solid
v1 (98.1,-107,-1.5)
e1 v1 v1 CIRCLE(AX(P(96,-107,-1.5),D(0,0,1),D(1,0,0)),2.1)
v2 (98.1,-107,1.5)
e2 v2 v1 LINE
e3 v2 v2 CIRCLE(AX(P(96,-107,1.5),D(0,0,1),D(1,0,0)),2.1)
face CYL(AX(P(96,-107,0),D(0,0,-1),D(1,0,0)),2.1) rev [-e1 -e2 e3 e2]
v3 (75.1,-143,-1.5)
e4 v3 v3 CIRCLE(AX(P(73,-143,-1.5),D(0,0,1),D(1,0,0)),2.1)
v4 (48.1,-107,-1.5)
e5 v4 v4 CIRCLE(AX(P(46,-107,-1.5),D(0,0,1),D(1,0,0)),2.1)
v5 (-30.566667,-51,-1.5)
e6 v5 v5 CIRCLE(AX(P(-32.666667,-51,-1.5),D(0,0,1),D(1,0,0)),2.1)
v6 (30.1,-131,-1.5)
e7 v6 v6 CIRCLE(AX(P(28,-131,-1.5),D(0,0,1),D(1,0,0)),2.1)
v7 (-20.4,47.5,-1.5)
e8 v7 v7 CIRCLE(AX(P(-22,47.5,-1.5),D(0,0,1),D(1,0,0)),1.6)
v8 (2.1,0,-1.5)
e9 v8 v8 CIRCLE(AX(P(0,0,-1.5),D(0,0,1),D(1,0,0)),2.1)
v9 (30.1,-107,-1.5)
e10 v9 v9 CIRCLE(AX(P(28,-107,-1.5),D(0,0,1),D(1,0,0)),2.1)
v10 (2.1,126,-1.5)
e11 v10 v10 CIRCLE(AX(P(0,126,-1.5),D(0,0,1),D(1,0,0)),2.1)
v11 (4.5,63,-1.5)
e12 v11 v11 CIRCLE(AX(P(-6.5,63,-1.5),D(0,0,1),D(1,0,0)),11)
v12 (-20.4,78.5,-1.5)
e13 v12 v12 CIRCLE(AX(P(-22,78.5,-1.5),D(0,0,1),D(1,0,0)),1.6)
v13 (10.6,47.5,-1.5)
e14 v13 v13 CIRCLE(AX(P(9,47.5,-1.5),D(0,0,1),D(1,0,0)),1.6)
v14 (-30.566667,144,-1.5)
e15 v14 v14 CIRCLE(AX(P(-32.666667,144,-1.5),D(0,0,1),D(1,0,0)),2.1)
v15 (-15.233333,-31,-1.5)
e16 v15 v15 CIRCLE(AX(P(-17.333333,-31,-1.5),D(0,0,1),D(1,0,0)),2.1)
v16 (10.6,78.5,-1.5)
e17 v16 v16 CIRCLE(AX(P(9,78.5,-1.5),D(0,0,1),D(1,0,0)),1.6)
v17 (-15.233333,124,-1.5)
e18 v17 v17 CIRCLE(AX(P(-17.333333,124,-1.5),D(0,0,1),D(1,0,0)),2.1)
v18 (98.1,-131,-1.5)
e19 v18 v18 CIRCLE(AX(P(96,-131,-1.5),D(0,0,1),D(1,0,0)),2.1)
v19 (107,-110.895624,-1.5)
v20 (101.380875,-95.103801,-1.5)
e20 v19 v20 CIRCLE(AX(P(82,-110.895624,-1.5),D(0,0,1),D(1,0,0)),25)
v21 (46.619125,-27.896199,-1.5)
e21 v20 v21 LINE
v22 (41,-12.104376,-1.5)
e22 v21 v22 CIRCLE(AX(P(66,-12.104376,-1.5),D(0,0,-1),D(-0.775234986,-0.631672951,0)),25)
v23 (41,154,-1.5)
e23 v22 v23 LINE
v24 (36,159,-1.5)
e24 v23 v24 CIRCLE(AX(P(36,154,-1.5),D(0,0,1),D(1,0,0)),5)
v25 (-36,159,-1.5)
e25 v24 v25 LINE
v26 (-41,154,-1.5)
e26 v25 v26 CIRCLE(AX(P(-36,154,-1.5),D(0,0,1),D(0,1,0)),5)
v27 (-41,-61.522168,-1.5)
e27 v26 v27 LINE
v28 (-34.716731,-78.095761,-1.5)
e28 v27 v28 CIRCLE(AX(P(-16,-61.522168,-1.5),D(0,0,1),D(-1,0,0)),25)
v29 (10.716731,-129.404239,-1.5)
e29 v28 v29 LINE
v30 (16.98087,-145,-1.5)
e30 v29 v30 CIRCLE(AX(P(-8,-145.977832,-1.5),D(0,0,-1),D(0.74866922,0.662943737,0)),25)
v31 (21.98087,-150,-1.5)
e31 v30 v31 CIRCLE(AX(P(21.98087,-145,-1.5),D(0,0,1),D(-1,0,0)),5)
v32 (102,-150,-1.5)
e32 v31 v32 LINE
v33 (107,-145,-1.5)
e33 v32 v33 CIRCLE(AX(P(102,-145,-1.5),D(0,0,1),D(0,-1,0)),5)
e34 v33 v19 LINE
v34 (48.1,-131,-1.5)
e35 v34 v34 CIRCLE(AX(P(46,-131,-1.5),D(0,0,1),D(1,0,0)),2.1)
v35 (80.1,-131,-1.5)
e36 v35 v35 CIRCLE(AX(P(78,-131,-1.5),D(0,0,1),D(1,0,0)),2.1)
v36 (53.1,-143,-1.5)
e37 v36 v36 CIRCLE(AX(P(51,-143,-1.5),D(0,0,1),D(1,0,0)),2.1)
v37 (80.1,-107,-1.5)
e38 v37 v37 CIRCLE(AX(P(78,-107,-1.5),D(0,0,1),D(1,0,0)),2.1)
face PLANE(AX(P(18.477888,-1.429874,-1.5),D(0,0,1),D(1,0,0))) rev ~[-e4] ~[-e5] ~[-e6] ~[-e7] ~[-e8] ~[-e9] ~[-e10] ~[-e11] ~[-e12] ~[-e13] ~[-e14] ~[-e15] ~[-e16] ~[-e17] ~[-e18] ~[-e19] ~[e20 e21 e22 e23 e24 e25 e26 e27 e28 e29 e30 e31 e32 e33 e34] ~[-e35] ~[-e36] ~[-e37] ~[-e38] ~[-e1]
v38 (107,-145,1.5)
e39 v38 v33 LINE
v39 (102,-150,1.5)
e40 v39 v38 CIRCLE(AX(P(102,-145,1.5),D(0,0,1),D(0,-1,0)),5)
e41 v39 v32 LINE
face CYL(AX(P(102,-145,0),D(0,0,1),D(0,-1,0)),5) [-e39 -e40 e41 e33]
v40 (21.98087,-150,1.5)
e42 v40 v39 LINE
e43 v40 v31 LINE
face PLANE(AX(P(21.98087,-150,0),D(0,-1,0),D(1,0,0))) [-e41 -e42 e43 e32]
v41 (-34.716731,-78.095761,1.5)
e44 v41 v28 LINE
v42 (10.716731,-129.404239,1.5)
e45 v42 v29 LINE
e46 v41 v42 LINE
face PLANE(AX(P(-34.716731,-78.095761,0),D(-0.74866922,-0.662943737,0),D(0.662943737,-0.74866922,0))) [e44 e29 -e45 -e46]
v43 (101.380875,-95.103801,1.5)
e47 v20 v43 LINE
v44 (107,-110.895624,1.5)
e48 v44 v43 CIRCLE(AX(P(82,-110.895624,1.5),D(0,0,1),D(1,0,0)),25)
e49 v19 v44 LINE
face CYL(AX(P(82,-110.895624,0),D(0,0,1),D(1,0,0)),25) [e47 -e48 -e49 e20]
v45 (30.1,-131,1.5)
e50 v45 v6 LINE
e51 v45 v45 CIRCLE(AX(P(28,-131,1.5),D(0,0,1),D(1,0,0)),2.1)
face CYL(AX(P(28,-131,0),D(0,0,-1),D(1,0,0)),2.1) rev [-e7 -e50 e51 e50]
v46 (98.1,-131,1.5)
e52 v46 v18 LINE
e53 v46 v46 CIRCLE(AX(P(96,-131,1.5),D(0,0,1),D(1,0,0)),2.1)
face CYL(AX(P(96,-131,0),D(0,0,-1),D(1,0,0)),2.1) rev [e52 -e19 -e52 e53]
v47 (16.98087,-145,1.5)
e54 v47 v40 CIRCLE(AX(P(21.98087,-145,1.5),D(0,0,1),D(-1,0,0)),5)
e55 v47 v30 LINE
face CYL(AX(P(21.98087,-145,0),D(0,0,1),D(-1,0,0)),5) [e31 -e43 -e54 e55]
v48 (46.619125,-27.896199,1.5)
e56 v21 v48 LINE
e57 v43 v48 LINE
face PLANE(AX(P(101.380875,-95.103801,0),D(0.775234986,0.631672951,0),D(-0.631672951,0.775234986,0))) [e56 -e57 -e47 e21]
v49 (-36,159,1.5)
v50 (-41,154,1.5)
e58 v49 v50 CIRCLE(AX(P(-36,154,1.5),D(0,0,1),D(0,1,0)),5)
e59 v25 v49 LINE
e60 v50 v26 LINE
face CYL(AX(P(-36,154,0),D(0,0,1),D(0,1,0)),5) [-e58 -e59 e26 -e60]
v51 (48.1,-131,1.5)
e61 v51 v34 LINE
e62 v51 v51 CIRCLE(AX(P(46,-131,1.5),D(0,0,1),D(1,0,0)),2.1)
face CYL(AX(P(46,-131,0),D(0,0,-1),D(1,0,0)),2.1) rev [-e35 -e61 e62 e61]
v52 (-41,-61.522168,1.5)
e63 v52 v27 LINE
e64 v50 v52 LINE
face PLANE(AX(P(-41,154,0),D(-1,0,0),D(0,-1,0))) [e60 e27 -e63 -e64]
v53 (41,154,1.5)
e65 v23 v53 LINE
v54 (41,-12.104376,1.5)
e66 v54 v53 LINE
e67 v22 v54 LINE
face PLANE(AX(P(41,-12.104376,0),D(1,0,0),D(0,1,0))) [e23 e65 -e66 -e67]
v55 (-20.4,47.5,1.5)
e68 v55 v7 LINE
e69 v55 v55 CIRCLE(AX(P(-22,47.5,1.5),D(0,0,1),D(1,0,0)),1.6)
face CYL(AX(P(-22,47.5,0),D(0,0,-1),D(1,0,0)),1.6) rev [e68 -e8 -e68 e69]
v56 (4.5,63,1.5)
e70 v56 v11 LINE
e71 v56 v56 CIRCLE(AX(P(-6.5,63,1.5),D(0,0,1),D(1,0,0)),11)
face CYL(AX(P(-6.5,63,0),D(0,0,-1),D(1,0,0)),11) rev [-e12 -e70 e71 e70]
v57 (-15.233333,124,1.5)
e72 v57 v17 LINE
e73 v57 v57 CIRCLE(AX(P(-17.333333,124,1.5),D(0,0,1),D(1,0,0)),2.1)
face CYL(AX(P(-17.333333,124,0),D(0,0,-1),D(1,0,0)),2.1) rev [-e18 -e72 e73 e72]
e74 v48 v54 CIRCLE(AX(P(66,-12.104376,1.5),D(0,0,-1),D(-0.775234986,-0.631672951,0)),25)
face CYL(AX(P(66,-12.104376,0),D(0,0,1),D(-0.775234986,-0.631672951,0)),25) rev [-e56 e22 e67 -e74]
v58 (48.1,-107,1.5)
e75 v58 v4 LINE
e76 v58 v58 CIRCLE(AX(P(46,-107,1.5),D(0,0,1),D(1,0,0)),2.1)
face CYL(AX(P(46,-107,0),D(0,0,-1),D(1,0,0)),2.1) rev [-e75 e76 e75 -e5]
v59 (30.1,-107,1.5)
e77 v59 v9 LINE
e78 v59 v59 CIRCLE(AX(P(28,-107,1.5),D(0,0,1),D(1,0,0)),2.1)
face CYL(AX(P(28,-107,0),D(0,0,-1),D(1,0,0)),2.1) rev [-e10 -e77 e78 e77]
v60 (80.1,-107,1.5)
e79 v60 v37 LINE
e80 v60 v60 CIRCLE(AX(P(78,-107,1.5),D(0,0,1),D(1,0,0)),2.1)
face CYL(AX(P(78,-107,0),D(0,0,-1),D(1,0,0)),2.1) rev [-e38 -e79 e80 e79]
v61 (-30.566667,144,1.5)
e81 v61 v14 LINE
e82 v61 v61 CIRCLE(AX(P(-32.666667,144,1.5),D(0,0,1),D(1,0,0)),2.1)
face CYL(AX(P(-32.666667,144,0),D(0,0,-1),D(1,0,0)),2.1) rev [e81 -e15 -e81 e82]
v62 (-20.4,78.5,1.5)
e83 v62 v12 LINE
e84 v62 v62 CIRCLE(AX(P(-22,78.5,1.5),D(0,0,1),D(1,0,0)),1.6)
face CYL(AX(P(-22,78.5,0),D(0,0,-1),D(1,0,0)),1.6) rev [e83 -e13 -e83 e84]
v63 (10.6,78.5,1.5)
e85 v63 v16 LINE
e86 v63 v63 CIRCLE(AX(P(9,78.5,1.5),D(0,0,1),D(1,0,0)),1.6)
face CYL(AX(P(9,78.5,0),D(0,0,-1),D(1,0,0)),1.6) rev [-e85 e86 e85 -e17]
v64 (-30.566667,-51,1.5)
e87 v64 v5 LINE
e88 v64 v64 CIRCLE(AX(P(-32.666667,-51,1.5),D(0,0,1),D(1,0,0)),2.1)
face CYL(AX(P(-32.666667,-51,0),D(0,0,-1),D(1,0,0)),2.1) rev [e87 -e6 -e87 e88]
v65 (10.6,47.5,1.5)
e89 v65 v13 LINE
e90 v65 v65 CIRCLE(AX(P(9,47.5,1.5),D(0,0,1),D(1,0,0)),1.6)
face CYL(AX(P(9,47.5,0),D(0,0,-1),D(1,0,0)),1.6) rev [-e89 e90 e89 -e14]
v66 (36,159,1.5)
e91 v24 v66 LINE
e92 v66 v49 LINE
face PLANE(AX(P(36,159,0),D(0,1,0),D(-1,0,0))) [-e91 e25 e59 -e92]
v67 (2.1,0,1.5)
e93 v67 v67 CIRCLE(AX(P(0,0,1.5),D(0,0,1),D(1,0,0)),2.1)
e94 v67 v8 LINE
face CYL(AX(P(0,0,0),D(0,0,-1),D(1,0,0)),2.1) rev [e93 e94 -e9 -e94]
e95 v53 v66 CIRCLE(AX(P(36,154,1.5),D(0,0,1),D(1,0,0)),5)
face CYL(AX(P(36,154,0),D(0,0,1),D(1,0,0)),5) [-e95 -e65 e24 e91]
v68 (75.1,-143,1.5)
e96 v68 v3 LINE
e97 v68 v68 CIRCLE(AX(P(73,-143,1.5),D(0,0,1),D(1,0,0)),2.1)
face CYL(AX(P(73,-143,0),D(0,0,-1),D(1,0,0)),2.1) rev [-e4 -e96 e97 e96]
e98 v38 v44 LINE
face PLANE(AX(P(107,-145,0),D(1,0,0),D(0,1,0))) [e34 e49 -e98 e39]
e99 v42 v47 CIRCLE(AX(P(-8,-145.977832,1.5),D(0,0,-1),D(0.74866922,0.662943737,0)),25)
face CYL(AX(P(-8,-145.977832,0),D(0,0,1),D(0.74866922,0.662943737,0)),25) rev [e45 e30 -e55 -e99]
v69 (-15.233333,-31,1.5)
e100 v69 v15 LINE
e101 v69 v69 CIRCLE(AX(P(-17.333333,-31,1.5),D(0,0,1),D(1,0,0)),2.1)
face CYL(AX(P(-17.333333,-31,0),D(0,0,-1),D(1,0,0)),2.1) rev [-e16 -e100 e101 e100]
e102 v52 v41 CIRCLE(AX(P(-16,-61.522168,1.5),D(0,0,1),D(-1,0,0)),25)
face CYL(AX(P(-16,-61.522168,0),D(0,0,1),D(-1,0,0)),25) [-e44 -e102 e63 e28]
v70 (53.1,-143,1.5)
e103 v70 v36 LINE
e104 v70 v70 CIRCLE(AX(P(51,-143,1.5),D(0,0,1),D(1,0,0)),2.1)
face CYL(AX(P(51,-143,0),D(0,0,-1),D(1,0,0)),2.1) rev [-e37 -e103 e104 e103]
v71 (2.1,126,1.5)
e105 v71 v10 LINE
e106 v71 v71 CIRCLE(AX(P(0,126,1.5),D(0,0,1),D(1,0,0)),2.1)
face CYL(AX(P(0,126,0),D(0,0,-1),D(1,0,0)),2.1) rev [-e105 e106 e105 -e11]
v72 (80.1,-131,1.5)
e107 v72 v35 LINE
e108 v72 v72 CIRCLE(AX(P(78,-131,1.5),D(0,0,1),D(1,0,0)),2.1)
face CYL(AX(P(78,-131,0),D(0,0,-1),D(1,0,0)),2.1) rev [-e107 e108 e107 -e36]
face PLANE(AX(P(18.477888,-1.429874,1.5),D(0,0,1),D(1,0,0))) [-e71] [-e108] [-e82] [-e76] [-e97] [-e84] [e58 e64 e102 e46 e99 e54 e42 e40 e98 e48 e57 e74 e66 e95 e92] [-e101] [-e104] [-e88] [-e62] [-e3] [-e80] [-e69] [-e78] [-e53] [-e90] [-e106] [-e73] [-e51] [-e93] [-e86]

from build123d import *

# Parameters (mm, degrees)
SKETCH1_R           = 2.1
SKETCH1_R_2         = 11
SKETCH1_R_3         = 1.6
BOSS_EXTRUDE1_DEPTH = 1.5


with BuildPart() as part:
    # Sketch1 → Boss-Extrude1 (new body, symmetric)
    with BuildSketch(Plane.XY):
        with BuildLine():
            Line((107, -145), (107, -110.895624471))
            ThreePointArc((107, -110.895624471), (105.553363517, -102.514749396), (101.380874638, -95.103800692))
            Line((101.380874638, -95.103800692), (46.619125362, -27.896199308))
            ThreePointArc((46.619125362, -27.896199308), (42.446636483, -20.485250604), (41, -12.104375529))
            Line((41, -12.104375529), (41, 154))
            ThreePointArc((41, 154), (39.535533906, 157.535533906), (36, 159))
            Line((36, 159), (-36, 159))
            ThreePointArc((-36, 159), (-39.535533906, 157.535533906), (-41, 154))
            Line((-41, 154), (-41, -61.522167809))
            ThreePointArc((-41, -61.522167809), (-39.376465331, -70.384496434), (-34.716730508, -78.095761236))
            Line((-34.716730508, -78.095761236), (10.716730508, -129.404238764))
            ThreePointArc((10.716730508, -129.404238764), (15.198642313, -136.659946441), (16.980869565, -145))
            ThreePointArc((16.980869565, -145), (18.445335659, -148.535533906), (21.980869565, -150))
            Line((21.980869565, -150), (102, -150))
            ThreePointArc((102, -150), (105.535533906, -148.535533906), (107, -145))
        make_face()
        with Locations((96, -107)):
            Circle(SKETCH1_R, mode=Mode.SUBTRACT)
        with Locations((96, -131)):
            Circle(SKETCH1_R, mode=Mode.SUBTRACT)
        with Locations((78, -107)):
            Circle(SKETCH1_R, mode=Mode.SUBTRACT)
        with Locations((78, -131)):
            Circle(SKETCH1_R, mode=Mode.SUBTRACT)
        with Locations((46, -107)):
            Circle(SKETCH1_R, mode=Mode.SUBTRACT)
        with Locations((46, -131)):
            Circle(SKETCH1_R, mode=Mode.SUBTRACT)
        with Locations((28, -107)):
            Circle(SKETCH1_R, mode=Mode.SUBTRACT)
        with Locations((28, -131)):
            Circle(SKETCH1_R, mode=Mode.SUBTRACT)
        with Locations((51, -143)):
            Circle(SKETCH1_R, mode=Mode.SUBTRACT)
        with Locations((73, -143)):
            Circle(SKETCH1_R, mode=Mode.SUBTRACT)
        with Locations((0, 126)):
            Circle(SKETCH1_R, mode=Mode.SUBTRACT)
        Circle(SKETCH1_R, mode=Mode.SUBTRACT)
        with Locations((-32.666666667, 144)):
            Circle(SKETCH1_R, mode=Mode.SUBTRACT)
        with Locations((-17.333333333, 124)):
            Circle(SKETCH1_R, mode=Mode.SUBTRACT)
        with Locations((-17.333333333, -31)):
            Circle(SKETCH1_R, mode=Mode.SUBTRACT)
        with Locations((-32.666666667, -51)):
            Circle(SKETCH1_R, mode=Mode.SUBTRACT)
        with Locations((-6.5, 63)):
            Circle(SKETCH1_R_2, mode=Mode.SUBTRACT)
        with Locations((-22, 78.5)):
            Circle(SKETCH1_R_3, mode=Mode.SUBTRACT)
        with Locations((9, 78.5)):
            Circle(SKETCH1_R_3, mode=Mode.SUBTRACT)
        with Locations((-22, 47.5)):
            Circle(SKETCH1_R_3, mode=Mode.SUBTRACT)
        with Locations((9, 47.5)):
            Circle(SKETCH1_R_3, mode=Mode.SUBTRACT)
    extrude(amount=BOSS_EXTRUDE1_DEPTH, both=True)


solid = part.part
